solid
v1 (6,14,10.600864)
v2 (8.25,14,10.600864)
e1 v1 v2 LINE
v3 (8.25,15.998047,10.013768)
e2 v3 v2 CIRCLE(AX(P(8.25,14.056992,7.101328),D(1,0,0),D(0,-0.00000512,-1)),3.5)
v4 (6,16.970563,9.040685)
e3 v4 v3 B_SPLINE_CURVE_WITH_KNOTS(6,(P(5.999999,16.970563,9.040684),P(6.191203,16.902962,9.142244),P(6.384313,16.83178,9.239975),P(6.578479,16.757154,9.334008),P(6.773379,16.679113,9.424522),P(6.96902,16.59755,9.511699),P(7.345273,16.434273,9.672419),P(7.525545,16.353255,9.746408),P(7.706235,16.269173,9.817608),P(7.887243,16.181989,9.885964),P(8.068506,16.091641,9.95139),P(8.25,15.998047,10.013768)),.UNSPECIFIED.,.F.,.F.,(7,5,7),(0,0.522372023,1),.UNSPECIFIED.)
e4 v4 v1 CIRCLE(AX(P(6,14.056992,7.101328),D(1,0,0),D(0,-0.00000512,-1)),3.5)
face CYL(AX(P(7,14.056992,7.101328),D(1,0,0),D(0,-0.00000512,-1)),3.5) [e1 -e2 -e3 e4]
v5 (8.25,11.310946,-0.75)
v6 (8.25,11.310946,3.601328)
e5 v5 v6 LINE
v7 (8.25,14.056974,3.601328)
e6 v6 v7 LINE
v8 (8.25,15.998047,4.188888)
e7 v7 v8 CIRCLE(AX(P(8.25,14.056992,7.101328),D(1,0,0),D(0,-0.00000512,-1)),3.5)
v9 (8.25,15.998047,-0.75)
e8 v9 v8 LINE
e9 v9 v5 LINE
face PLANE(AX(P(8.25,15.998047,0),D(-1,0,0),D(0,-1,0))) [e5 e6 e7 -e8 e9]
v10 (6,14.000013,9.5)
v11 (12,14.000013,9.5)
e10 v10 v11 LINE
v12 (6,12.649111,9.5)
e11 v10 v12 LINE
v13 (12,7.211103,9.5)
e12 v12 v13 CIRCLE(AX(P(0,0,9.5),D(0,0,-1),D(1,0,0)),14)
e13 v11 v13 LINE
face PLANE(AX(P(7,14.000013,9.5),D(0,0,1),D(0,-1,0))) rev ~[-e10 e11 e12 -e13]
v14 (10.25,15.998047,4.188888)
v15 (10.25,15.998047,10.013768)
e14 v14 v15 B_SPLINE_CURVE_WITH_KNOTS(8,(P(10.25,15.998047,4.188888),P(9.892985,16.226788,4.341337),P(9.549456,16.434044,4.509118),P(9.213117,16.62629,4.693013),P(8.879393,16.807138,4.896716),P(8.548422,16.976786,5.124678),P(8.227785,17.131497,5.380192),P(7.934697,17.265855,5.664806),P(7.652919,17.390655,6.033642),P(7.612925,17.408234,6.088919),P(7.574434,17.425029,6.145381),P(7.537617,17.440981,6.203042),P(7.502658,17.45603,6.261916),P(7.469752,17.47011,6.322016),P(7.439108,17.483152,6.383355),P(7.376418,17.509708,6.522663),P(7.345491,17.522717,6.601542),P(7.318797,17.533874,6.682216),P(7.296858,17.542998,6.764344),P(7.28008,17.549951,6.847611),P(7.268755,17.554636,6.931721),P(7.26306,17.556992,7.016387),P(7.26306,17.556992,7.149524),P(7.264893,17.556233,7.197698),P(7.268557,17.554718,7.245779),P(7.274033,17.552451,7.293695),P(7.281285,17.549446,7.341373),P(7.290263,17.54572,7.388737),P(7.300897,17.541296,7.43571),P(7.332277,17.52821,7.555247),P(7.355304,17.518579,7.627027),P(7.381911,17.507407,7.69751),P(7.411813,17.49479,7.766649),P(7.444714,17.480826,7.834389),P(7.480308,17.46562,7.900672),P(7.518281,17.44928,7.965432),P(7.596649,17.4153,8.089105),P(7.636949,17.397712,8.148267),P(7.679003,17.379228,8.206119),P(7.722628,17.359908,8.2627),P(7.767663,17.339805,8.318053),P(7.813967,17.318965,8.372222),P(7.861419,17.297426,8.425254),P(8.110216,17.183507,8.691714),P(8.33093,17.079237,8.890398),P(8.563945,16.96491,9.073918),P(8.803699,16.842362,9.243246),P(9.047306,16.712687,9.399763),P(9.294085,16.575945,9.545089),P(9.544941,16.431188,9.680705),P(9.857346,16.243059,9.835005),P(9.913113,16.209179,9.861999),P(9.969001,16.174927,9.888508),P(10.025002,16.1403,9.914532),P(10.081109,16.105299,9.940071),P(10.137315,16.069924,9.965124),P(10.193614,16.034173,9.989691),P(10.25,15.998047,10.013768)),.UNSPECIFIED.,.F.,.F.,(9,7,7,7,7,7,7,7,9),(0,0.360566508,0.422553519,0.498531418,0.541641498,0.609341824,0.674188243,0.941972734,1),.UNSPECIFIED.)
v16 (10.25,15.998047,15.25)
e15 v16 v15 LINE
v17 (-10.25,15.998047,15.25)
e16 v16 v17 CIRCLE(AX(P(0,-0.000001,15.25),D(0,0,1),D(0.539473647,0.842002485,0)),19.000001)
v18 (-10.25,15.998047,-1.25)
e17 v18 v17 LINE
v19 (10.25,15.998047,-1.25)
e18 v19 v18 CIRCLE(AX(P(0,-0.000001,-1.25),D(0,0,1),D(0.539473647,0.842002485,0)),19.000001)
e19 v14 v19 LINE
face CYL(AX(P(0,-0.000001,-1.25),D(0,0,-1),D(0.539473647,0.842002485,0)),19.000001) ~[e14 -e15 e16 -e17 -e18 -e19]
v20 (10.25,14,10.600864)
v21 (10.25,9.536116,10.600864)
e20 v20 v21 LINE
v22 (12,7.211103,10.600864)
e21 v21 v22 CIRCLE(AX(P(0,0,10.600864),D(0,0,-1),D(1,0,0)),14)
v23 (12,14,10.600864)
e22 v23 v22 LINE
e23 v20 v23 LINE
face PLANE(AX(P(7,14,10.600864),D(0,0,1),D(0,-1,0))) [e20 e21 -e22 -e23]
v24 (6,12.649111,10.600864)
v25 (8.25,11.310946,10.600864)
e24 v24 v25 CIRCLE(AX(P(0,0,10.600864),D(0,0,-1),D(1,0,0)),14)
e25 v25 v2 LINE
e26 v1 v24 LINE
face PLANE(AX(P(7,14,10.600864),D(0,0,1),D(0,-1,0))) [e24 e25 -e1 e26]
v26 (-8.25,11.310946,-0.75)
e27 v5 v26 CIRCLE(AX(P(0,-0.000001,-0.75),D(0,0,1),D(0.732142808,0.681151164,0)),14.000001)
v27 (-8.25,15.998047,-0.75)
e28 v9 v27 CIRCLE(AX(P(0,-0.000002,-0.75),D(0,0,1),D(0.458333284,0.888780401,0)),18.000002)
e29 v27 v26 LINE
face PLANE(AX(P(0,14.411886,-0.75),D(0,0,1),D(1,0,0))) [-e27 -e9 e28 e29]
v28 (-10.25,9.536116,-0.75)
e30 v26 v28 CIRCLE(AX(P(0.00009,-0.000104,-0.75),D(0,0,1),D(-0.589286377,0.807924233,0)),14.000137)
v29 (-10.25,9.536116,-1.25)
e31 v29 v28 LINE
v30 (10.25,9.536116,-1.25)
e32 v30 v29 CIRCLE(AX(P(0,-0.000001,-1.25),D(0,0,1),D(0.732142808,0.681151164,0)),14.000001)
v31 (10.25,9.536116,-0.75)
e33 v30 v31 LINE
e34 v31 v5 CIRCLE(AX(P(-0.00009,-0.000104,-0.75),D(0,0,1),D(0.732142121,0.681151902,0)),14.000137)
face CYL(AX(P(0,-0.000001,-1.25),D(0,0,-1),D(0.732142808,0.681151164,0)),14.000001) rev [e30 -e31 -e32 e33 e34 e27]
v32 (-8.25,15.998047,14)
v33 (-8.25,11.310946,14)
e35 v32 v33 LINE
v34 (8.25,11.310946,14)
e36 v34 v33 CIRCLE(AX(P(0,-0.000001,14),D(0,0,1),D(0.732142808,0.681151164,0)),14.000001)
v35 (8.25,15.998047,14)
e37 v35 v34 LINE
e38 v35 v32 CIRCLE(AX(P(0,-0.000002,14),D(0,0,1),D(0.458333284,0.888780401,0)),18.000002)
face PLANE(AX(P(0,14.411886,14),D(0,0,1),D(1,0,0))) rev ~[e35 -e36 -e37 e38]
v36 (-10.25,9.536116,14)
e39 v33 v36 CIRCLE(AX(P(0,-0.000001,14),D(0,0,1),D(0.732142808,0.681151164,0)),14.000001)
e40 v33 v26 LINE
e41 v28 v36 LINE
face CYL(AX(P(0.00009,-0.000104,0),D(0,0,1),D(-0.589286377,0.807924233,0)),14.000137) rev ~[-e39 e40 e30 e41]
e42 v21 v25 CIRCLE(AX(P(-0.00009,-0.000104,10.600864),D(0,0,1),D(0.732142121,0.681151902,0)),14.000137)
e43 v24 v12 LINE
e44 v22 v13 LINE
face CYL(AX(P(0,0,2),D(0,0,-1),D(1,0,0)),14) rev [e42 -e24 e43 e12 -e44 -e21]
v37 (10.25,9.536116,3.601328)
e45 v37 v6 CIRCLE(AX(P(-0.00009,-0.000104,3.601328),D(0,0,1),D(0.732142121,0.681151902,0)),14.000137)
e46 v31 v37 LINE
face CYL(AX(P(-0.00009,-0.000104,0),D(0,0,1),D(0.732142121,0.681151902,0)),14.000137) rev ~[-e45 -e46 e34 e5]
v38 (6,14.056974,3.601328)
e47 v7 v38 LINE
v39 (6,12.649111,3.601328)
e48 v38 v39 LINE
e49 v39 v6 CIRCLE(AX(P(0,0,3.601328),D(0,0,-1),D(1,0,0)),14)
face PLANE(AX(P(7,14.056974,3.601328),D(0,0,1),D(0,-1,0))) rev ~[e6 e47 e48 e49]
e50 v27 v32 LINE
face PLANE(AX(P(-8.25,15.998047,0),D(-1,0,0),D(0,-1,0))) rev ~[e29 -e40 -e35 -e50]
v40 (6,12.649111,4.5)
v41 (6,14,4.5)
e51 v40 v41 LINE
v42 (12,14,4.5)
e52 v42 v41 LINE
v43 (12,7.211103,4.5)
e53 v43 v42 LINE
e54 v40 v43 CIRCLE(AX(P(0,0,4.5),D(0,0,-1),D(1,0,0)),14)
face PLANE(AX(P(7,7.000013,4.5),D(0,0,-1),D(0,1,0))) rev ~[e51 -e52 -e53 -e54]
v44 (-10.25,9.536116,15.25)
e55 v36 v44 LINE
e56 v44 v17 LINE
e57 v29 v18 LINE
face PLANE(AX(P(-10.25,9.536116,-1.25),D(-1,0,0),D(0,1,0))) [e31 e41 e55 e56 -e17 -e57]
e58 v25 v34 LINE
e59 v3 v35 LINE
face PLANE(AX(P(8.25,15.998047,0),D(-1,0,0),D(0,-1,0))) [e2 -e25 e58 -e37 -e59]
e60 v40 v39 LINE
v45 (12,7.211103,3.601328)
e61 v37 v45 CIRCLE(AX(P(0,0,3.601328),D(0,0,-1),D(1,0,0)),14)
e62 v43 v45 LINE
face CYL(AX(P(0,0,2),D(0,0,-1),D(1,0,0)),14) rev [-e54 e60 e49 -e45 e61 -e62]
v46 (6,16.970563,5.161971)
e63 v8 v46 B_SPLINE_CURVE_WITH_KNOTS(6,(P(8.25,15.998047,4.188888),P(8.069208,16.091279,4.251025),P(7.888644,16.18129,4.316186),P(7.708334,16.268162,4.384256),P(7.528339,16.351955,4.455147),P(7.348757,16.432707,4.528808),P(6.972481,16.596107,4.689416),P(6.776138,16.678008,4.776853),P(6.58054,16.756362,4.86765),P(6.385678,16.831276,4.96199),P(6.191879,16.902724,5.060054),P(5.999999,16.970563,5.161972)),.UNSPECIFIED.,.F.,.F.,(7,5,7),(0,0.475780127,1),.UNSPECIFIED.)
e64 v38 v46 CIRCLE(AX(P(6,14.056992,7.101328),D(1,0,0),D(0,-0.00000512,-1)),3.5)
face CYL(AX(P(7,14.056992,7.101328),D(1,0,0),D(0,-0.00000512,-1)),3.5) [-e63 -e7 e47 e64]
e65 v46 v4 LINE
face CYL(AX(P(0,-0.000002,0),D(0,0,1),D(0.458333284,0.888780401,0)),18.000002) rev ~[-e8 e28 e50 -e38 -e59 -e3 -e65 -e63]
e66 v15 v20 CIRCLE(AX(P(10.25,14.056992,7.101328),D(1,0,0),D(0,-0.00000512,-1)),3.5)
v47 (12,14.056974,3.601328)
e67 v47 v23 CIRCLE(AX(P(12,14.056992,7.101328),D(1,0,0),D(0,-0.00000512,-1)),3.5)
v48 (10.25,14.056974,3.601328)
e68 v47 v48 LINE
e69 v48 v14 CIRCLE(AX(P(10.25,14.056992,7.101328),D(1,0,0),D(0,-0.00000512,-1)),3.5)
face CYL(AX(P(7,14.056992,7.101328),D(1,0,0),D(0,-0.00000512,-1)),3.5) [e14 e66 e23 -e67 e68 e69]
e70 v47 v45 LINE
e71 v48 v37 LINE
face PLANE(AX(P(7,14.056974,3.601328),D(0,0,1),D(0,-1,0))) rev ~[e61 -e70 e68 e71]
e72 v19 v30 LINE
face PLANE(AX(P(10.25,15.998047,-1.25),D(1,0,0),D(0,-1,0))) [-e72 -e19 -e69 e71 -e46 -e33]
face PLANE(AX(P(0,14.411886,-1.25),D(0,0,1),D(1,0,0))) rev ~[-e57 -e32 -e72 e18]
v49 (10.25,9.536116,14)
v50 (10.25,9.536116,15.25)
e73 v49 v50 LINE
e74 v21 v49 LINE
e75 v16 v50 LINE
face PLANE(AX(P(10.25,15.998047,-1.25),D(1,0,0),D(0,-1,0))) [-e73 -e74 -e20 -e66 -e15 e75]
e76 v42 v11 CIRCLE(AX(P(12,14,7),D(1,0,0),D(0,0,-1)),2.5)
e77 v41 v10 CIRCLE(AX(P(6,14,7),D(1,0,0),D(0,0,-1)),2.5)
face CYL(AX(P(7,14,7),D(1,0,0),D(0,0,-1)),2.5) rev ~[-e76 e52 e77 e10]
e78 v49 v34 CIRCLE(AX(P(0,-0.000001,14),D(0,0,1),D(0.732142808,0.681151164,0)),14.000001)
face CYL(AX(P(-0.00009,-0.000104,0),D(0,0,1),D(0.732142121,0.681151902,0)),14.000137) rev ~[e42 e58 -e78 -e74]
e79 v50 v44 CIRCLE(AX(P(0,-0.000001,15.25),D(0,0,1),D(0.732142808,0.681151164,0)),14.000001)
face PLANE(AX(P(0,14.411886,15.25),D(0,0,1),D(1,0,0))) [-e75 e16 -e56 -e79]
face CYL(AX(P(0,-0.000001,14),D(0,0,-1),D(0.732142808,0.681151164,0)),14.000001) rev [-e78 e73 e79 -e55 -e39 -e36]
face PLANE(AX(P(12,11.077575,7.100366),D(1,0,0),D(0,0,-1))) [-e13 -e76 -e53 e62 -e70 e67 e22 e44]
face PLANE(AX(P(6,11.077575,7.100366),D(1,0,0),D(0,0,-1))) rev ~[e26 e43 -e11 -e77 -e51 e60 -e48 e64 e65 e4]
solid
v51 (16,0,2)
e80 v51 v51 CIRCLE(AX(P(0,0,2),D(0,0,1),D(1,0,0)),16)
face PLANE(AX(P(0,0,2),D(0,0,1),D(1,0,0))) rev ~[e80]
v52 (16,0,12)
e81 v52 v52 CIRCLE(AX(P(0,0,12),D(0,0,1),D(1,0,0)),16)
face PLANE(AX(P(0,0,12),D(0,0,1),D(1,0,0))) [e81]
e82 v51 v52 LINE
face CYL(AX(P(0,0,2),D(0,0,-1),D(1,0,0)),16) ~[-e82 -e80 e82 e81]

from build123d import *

# Parameters (mm, degrees)
CYLINDER002_R              = 14
CYLINDER002_DEPTH          = 10
EXTRUDE004_DEPTH           = 5
EXTRUDE004_DEPTH_BACK      = 1
EXTRUDE004_PLACEMENT_ANGLE = 270
EXTRUDE003_DEPTH           = 5
EXTRUDE003_DEPTH_BACK      = 1
EXTRUDE003_PLACEMENT_ANGLE = 270
EXTRUDE_DEPTH              = 14
EXTRUDE_DEPTH_BACK         = 0.75
EXTRUDE005_DEPTH           = 0.5
EXTRUDE002_DEPTH           = 1.25
CYLINDER003_R              = 16
CYLINDER003_DEPTH          = 10


with BuildPart() as cylinder002:
    # Cylinder002 → Cylinder002 (new body)
    with BuildSketch(Plane.XY.offset(2)):
        Circle(CYLINDER002_R)
    extrude(amount=CYLINDER002_DEPTH)


with BuildPart() as extrude004:
    # Sketch003 → Extrude004 (new body, two sides)
    with BuildSketch(Plane.YZ) as extrude004_sk:
        with BuildLine():
            ThreePointArc((2.5, 0), (7e-06, 2.5), (-2.5, 1.3e-05))
            Line((-2.5, 1.3e-05), (-2.5, -6.999987))
            Line((-2.5, -6.999987), (2.5, -6.999987))
            Line((2.5, -6.999987), (2.5, 0))
        make_face()
    extrude(amount=EXTRUDE004_DEPTH)
    extrude(extrude004_sk.sketch, amount=-EXTRUDE004_DEPTH_BACK)


with BuildPart() as extrude004_1:
    # Extrude004 placement: moved
    add(extrude004.part.moved(Location((7, 14, 7))).rotate(Axis((7, 14, 7), (1, 0, 0)), EXTRUDE004_PLACEMENT_ANGLE))


with BuildPart() as extrude003:
    # Sketch002 → Extrude003 (new body, two sides)
    with BuildSketch(Plane.YZ) as extrude003_sk:
        with BuildLine():
            ThreePointArc((3.398672, 0.056974), (-0.129816, 3.556876), (-3.600864, 0))
            Line((-3.600864, 0), (-3.600864, -8))
            Line((-3.600864, -8), (3.398672, -8))
            Line((3.398672, 0.056974), (3.398672, -8))
        make_face()
    extrude(amount=EXTRUDE003_DEPTH)
    extrude(extrude003_sk.sketch, amount=-EXTRUDE003_DEPTH_BACK)


with BuildPart() as extrude003_1:
    # Extrude003 placement: moved
    add(extrude003.part.moved(Location((7, 14, 7))).rotate(Axis((7, 14, 7), (1, 0, 0)), EXTRUDE003_PLACEMENT_ANGLE))


with BuildPart() as extrude_body:
    # Sketch001 → Extrude (new body, two sides)
    with BuildSketch(Plane.XY) as extrude_sk:
        with BuildLine():
            ThreePointArc((10.25, 15.998047), (0, 19), (-10.25, 15.998047))
            Line((-10.25, 9.536116), (-10.25, 15.998047))
            ThreePointArc((-8.25, 11.310946), (-9.29247, 10.471389), (-10.25, 9.536116))
            Line((-8.25, 15.998047), (-8.25, 11.310946))
            ThreePointArc((8.25, 15.998047), (0, 18), (-8.25, 15.998047))
            Line((8.25, 15.998047), (8.25, 11.310946))
            ThreePointArc((10.25, 9.536116), (9.29247, 10.471389), (8.25, 11.310946))
            Line((10.25, 15.998047), (10.25, 9.536116))
        make_face()
    extrude(amount=EXTRUDE_DEPTH)
    extrude(extrude_sk.sketch, amount=-EXTRUDE_DEPTH_BACK)


with BuildPart() as extrude005:
    # Sketch → Extrude005 (new body)
    with BuildSketch(Plane.XY):
        with BuildLine():
            ThreePointArc((10.25, 15.998047), (0, 19), (-10.25, 15.998047))
            Line((-10.25, 9.536116), (-10.25, 15.998047))
            ThreePointArc((10.25, 9.536116), (0, 14), (-10.25, 9.536116))
            Line((10.25, 15.998047), (10.25, 9.536116))
        make_face()
    extrude(amount=EXTRUDE005_DEPTH)


with BuildPart() as extrude005_1:
    # Extrude005 placement: moved
    add(extrude005.part.moved(Location((0, 0, -1.25))))


with BuildPart() as cut001:
    # Sketch → Extrude002 (new body)
    with BuildSketch(Plane.XY):
        with BuildLine():
            ThreePointArc((10.25, 15.998047), (0, 19), (-10.25, 15.998047))
            Line((-10.25, 9.536116), (-10.25, 15.998047))
            ThreePointArc((10.25, 9.536116), (0, 14), (-10.25, 9.536116))
            Line((10.25, 15.998047), (10.25, 9.536116))
        make_face()
    extrude(amount=EXTRUDE002_DEPTH)


with BuildPart() as cut001_1:
    # Extrude002 placement: moved
    add(cut001.part.moved(Location((0, 0, 14))))

    # Fusion: union Extrude body, Extrude005
    add(extrude_body.part)
    add(extrude005_1.part)

    # Fusion001: union Extrude003
    add(extrude003_1.part)

    # Cut: cut Extrude004
    add(extrude004_1.part, mode=Mode.SUBTRACT)

    # Cut001: cut Cylinder002
    add(cylinder002.part, mode=Mode.SUBTRACT)


with BuildPart() as cylinder003:
    # Cylinder003 → Cylinder003 (new body)
    with BuildSketch(Plane.XY.offset(2)):
        Circle(CYLINDER003_R)
    extrude(amount=CYLINDER003_DEPTH)


solid = Compound([cut001_1.part, cylinder003.part])
